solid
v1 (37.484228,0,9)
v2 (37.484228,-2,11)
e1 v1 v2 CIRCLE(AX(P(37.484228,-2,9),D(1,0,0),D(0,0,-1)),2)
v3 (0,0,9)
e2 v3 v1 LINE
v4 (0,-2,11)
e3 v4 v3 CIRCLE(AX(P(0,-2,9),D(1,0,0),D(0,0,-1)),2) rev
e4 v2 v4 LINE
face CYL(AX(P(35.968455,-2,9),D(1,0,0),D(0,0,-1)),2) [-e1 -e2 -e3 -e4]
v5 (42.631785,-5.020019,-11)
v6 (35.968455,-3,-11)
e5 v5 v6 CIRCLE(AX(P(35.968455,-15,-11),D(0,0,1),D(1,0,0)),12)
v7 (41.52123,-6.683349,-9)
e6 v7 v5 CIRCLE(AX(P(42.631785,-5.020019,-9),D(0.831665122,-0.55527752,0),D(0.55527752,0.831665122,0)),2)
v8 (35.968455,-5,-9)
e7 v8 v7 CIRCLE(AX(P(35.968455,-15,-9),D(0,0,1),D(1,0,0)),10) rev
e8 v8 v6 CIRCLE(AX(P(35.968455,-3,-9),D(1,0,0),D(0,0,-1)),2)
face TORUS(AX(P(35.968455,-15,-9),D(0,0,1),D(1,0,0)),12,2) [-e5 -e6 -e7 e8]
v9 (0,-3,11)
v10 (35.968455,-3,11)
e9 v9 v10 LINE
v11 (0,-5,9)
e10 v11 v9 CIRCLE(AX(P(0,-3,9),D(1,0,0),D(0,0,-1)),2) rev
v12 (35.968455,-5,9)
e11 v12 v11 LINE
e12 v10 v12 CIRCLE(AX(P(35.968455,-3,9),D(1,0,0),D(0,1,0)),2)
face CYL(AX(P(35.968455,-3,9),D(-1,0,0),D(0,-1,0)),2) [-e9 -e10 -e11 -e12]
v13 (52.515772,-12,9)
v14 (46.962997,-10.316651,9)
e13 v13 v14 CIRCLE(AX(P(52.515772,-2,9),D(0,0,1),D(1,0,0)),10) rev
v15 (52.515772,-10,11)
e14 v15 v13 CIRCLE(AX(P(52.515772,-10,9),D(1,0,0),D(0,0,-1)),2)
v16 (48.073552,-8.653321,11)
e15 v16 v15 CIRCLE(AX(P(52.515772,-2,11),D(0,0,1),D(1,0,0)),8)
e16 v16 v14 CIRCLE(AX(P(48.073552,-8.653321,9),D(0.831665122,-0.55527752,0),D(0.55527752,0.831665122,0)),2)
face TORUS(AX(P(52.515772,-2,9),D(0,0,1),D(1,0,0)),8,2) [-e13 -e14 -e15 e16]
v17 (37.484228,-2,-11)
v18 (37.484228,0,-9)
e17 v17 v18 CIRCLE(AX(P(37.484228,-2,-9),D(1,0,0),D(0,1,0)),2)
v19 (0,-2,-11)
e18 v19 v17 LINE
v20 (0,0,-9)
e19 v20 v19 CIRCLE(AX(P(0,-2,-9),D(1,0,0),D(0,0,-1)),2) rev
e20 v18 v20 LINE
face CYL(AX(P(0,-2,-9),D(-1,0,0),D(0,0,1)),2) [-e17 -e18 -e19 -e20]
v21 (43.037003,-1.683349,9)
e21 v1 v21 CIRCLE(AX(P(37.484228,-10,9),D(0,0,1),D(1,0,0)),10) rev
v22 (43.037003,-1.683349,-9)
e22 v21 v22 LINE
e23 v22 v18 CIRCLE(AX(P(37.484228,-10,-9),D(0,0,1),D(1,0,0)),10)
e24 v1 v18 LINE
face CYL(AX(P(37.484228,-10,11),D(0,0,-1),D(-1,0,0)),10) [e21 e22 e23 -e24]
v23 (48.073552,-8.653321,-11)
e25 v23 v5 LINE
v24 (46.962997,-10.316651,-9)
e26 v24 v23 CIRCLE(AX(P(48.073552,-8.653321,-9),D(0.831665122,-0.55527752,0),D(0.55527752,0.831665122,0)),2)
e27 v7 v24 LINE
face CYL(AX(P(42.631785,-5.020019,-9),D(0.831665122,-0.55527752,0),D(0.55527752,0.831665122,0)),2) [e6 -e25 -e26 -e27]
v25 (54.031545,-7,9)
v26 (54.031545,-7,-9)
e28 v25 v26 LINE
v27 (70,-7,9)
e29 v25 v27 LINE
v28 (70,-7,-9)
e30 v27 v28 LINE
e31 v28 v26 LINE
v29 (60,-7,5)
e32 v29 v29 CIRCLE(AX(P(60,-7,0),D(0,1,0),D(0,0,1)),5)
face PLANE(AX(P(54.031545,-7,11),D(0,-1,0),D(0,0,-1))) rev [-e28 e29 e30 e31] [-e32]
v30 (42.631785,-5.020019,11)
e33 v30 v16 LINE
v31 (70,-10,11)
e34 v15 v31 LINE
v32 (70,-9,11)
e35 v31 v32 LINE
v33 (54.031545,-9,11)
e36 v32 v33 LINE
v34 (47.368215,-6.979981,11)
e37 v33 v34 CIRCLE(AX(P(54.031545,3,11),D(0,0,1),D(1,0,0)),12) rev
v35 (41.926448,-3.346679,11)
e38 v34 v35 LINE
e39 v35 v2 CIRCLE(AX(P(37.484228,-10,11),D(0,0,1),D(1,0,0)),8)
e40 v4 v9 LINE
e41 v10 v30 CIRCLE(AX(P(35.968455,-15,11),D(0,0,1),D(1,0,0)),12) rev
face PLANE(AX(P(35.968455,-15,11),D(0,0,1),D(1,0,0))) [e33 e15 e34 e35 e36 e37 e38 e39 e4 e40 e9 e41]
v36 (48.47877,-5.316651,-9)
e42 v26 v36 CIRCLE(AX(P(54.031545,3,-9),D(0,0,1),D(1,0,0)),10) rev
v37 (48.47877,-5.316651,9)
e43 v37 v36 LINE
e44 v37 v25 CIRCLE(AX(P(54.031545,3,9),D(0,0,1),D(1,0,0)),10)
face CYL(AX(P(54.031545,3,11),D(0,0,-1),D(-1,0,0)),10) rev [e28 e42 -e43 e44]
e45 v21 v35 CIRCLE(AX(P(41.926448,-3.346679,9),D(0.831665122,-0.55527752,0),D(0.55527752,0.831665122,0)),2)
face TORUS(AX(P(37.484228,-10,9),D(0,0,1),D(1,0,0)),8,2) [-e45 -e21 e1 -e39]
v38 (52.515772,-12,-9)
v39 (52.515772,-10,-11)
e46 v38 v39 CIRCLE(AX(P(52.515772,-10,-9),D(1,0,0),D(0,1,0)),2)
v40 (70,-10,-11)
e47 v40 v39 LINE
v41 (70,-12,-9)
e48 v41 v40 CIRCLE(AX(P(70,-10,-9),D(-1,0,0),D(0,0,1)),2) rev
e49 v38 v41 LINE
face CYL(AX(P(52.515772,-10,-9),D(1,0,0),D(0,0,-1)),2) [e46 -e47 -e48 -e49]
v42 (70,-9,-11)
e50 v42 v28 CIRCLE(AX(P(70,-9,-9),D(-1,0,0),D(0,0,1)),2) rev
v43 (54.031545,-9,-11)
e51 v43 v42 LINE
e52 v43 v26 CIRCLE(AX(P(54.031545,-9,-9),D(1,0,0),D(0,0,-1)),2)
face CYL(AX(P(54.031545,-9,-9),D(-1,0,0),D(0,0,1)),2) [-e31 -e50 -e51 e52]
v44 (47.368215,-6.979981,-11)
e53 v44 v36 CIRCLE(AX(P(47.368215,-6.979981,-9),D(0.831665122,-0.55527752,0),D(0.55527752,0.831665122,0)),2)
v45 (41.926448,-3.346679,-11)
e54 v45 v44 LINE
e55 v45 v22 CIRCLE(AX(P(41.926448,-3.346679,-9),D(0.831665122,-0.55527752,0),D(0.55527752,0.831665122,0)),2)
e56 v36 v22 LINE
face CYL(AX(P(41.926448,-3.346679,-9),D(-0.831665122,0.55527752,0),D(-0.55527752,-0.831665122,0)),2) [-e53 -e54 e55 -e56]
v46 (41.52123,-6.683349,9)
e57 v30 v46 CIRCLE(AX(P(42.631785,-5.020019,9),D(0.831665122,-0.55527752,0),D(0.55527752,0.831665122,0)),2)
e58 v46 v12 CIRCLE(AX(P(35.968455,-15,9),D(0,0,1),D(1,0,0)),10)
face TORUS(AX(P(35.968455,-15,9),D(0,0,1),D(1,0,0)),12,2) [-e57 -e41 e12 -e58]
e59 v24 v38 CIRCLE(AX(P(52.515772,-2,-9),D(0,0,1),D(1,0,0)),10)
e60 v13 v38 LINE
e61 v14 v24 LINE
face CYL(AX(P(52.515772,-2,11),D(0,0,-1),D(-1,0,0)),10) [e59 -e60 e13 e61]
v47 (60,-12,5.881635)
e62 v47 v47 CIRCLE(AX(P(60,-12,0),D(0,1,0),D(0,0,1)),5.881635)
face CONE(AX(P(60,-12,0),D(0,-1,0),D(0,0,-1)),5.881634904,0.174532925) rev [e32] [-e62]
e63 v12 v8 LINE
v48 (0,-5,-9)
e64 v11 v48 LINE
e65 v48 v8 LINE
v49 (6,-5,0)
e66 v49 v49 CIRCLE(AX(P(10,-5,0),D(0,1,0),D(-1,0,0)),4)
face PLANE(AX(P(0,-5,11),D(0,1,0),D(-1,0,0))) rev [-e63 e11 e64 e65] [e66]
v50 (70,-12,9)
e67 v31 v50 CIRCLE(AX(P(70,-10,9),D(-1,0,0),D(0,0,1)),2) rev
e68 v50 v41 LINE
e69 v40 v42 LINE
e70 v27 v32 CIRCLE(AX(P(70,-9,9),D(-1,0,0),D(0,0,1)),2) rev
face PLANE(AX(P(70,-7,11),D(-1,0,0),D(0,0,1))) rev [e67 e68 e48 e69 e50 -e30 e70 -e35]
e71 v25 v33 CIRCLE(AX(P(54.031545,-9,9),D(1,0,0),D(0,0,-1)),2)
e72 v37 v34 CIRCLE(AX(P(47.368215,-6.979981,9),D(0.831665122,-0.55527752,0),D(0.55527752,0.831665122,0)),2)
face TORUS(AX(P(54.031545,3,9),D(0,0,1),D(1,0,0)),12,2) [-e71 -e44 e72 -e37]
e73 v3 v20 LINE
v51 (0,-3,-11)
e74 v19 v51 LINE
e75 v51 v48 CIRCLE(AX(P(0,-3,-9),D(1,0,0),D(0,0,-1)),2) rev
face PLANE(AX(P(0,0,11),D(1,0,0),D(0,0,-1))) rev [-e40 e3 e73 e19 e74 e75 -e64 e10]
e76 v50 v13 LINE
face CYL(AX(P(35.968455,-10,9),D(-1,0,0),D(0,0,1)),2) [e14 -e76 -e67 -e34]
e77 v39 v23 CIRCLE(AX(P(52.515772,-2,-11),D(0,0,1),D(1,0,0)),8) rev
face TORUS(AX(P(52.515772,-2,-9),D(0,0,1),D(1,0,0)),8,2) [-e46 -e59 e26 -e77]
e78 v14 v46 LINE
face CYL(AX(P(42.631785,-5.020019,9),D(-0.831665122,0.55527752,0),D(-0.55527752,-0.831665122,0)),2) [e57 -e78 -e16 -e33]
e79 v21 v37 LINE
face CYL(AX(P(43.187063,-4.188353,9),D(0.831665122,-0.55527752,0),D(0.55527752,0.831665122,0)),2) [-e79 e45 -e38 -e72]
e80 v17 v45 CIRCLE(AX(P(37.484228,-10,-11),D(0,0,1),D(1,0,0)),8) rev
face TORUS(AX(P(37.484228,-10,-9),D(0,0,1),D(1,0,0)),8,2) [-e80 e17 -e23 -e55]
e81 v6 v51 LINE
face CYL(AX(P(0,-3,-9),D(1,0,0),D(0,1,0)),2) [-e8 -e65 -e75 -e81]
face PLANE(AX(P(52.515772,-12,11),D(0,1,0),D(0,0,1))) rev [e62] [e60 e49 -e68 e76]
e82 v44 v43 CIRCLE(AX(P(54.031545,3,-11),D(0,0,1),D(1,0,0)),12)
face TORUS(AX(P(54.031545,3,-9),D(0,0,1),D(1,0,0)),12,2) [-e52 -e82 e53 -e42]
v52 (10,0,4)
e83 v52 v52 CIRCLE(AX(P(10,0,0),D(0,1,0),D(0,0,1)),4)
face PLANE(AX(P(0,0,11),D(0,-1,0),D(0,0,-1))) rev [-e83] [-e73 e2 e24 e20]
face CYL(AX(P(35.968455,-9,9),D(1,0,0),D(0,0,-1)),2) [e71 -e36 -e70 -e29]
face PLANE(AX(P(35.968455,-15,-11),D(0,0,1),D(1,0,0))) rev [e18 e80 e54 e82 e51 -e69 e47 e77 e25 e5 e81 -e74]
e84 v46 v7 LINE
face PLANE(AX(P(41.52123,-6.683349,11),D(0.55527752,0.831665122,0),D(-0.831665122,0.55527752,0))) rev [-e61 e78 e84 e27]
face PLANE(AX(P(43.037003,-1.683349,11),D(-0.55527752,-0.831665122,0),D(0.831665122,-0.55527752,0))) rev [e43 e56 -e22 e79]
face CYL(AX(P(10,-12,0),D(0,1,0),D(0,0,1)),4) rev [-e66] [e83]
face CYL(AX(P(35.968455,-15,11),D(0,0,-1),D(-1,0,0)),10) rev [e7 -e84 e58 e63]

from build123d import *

# Parameters (mm, degrees)
EXTRUSION1_DEPTH        = 11
CONG_2_R                = 2
ESQUISSE2_R             = 4
ENL_V_MAT_EXTRU_1_DEPTH = 72.867934435


with BuildPart() as part:
    # Esquisse1 → Extrusion1 (new, symmetric)
    with BuildSketch(Plane.XY):
        with BuildLine():
            Line((0, 0), (37.484227511, 0))
            ThreePointArc((37.484227511, 0), (40.385390018, -0.430085888), (43.037002714, -1.683348779))
            Line((43.037002714, -1.683348779), (48.478769775, -5.316651221))
            ThreePointArc((48.478769775, -5.316651221), (51.130382471, -6.569914112), (54.031544979, -7))
            Line((54.031544979, -7), (70, -7))
            Line((70, -7), (70, -12))
            Line((70, -12), (52.515772489, -12))
            ThreePointArc((52.515772489, -12), (49.614609982, -11.569914112), (46.962997286, -10.316651221))
            Line((46.962997286, -10.316651221), (41.521230225, -6.683348779))
            ThreePointArc((41.521230225, -6.683348779), (38.869617529, -5.430085888), (35.968455021, -5))
            Line((35.968455021, -5), (0, -5))
            Line((0, -5), (0, 0))
        make_face()
    extrude(amount=EXTRUSION1_DEPTH, both=True)

    # Congé2
    cong_2_edges = [part.edges().sort_by_distance(p)[0] for p in [
        (38.869617529, -5.430085888, 11),
        (40.385390018, -0.430085888, -11),
        (45.757886245, -3.5, -11),
        (51.130382471, -6.569914112, -11),
        (62.015772489, -7, -11),
        (61.257886245, -12, -11),
        (49.614609982, -11.569914112, -11),
        (44.242113755, -8.5, -11),
        (44.242113755, -8.5, 11),
        (38.869617529, -5.430085888, -11),
        (17.984227511, -5, -11),
        (49.614609982, -11.569914112, 11),
        (61.257886245, -12, 11),
        (62.015772489, -7, 11),
        (51.130382471, -6.569914112, 11),
        (45.757886245, -3.5, 11),
        (40.385390018, -0.430085888, 11),
        (18.742113755, 0, 11),
        (17.984227511, -5, 11),
        (18.742113755, 0, -11),
    ]]
    fillet(cong_2_edges, radius=CONG_2_R)

    # Esquisse2 → Enlèv. mat.-Extru.1 (cut, through all)
    with BuildSketch(Plane(origin=(0, 0, 0), x_dir=(-1, 0, 0), z_dir=(0, 1, 0))):
        with Locations(Location((-10, 0, 0), (0, 0, 90))):
            Circle(ESQUISSE2_R)
    extrude(amount=-ENL_V_MAT_EXTRU_1_DEPTH, mode=Mode.SUBTRACT)

    # Esquisse3 → Enlèvement de matière-Révolution1 (revolve, cut)
    with BuildSketch(Plane.XY, mode=Mode.PRIVATE) as enl_vement_de_mati_re_r_volution1_sk:
        Polygon((65, -7), (65.881634904, -12), (60, -12), (60, -7), align=None)
    revolve(enl_vement_de_mati_re_r_volution1_sk.sketch.rotate(Axis((60, 1.983898021, 0), (0, -1, 0)), 90), axis=Axis((60, 1.983898021, 0), (0, -1, 0)), mode=Mode.SUBTRACT)


solid = part.part
